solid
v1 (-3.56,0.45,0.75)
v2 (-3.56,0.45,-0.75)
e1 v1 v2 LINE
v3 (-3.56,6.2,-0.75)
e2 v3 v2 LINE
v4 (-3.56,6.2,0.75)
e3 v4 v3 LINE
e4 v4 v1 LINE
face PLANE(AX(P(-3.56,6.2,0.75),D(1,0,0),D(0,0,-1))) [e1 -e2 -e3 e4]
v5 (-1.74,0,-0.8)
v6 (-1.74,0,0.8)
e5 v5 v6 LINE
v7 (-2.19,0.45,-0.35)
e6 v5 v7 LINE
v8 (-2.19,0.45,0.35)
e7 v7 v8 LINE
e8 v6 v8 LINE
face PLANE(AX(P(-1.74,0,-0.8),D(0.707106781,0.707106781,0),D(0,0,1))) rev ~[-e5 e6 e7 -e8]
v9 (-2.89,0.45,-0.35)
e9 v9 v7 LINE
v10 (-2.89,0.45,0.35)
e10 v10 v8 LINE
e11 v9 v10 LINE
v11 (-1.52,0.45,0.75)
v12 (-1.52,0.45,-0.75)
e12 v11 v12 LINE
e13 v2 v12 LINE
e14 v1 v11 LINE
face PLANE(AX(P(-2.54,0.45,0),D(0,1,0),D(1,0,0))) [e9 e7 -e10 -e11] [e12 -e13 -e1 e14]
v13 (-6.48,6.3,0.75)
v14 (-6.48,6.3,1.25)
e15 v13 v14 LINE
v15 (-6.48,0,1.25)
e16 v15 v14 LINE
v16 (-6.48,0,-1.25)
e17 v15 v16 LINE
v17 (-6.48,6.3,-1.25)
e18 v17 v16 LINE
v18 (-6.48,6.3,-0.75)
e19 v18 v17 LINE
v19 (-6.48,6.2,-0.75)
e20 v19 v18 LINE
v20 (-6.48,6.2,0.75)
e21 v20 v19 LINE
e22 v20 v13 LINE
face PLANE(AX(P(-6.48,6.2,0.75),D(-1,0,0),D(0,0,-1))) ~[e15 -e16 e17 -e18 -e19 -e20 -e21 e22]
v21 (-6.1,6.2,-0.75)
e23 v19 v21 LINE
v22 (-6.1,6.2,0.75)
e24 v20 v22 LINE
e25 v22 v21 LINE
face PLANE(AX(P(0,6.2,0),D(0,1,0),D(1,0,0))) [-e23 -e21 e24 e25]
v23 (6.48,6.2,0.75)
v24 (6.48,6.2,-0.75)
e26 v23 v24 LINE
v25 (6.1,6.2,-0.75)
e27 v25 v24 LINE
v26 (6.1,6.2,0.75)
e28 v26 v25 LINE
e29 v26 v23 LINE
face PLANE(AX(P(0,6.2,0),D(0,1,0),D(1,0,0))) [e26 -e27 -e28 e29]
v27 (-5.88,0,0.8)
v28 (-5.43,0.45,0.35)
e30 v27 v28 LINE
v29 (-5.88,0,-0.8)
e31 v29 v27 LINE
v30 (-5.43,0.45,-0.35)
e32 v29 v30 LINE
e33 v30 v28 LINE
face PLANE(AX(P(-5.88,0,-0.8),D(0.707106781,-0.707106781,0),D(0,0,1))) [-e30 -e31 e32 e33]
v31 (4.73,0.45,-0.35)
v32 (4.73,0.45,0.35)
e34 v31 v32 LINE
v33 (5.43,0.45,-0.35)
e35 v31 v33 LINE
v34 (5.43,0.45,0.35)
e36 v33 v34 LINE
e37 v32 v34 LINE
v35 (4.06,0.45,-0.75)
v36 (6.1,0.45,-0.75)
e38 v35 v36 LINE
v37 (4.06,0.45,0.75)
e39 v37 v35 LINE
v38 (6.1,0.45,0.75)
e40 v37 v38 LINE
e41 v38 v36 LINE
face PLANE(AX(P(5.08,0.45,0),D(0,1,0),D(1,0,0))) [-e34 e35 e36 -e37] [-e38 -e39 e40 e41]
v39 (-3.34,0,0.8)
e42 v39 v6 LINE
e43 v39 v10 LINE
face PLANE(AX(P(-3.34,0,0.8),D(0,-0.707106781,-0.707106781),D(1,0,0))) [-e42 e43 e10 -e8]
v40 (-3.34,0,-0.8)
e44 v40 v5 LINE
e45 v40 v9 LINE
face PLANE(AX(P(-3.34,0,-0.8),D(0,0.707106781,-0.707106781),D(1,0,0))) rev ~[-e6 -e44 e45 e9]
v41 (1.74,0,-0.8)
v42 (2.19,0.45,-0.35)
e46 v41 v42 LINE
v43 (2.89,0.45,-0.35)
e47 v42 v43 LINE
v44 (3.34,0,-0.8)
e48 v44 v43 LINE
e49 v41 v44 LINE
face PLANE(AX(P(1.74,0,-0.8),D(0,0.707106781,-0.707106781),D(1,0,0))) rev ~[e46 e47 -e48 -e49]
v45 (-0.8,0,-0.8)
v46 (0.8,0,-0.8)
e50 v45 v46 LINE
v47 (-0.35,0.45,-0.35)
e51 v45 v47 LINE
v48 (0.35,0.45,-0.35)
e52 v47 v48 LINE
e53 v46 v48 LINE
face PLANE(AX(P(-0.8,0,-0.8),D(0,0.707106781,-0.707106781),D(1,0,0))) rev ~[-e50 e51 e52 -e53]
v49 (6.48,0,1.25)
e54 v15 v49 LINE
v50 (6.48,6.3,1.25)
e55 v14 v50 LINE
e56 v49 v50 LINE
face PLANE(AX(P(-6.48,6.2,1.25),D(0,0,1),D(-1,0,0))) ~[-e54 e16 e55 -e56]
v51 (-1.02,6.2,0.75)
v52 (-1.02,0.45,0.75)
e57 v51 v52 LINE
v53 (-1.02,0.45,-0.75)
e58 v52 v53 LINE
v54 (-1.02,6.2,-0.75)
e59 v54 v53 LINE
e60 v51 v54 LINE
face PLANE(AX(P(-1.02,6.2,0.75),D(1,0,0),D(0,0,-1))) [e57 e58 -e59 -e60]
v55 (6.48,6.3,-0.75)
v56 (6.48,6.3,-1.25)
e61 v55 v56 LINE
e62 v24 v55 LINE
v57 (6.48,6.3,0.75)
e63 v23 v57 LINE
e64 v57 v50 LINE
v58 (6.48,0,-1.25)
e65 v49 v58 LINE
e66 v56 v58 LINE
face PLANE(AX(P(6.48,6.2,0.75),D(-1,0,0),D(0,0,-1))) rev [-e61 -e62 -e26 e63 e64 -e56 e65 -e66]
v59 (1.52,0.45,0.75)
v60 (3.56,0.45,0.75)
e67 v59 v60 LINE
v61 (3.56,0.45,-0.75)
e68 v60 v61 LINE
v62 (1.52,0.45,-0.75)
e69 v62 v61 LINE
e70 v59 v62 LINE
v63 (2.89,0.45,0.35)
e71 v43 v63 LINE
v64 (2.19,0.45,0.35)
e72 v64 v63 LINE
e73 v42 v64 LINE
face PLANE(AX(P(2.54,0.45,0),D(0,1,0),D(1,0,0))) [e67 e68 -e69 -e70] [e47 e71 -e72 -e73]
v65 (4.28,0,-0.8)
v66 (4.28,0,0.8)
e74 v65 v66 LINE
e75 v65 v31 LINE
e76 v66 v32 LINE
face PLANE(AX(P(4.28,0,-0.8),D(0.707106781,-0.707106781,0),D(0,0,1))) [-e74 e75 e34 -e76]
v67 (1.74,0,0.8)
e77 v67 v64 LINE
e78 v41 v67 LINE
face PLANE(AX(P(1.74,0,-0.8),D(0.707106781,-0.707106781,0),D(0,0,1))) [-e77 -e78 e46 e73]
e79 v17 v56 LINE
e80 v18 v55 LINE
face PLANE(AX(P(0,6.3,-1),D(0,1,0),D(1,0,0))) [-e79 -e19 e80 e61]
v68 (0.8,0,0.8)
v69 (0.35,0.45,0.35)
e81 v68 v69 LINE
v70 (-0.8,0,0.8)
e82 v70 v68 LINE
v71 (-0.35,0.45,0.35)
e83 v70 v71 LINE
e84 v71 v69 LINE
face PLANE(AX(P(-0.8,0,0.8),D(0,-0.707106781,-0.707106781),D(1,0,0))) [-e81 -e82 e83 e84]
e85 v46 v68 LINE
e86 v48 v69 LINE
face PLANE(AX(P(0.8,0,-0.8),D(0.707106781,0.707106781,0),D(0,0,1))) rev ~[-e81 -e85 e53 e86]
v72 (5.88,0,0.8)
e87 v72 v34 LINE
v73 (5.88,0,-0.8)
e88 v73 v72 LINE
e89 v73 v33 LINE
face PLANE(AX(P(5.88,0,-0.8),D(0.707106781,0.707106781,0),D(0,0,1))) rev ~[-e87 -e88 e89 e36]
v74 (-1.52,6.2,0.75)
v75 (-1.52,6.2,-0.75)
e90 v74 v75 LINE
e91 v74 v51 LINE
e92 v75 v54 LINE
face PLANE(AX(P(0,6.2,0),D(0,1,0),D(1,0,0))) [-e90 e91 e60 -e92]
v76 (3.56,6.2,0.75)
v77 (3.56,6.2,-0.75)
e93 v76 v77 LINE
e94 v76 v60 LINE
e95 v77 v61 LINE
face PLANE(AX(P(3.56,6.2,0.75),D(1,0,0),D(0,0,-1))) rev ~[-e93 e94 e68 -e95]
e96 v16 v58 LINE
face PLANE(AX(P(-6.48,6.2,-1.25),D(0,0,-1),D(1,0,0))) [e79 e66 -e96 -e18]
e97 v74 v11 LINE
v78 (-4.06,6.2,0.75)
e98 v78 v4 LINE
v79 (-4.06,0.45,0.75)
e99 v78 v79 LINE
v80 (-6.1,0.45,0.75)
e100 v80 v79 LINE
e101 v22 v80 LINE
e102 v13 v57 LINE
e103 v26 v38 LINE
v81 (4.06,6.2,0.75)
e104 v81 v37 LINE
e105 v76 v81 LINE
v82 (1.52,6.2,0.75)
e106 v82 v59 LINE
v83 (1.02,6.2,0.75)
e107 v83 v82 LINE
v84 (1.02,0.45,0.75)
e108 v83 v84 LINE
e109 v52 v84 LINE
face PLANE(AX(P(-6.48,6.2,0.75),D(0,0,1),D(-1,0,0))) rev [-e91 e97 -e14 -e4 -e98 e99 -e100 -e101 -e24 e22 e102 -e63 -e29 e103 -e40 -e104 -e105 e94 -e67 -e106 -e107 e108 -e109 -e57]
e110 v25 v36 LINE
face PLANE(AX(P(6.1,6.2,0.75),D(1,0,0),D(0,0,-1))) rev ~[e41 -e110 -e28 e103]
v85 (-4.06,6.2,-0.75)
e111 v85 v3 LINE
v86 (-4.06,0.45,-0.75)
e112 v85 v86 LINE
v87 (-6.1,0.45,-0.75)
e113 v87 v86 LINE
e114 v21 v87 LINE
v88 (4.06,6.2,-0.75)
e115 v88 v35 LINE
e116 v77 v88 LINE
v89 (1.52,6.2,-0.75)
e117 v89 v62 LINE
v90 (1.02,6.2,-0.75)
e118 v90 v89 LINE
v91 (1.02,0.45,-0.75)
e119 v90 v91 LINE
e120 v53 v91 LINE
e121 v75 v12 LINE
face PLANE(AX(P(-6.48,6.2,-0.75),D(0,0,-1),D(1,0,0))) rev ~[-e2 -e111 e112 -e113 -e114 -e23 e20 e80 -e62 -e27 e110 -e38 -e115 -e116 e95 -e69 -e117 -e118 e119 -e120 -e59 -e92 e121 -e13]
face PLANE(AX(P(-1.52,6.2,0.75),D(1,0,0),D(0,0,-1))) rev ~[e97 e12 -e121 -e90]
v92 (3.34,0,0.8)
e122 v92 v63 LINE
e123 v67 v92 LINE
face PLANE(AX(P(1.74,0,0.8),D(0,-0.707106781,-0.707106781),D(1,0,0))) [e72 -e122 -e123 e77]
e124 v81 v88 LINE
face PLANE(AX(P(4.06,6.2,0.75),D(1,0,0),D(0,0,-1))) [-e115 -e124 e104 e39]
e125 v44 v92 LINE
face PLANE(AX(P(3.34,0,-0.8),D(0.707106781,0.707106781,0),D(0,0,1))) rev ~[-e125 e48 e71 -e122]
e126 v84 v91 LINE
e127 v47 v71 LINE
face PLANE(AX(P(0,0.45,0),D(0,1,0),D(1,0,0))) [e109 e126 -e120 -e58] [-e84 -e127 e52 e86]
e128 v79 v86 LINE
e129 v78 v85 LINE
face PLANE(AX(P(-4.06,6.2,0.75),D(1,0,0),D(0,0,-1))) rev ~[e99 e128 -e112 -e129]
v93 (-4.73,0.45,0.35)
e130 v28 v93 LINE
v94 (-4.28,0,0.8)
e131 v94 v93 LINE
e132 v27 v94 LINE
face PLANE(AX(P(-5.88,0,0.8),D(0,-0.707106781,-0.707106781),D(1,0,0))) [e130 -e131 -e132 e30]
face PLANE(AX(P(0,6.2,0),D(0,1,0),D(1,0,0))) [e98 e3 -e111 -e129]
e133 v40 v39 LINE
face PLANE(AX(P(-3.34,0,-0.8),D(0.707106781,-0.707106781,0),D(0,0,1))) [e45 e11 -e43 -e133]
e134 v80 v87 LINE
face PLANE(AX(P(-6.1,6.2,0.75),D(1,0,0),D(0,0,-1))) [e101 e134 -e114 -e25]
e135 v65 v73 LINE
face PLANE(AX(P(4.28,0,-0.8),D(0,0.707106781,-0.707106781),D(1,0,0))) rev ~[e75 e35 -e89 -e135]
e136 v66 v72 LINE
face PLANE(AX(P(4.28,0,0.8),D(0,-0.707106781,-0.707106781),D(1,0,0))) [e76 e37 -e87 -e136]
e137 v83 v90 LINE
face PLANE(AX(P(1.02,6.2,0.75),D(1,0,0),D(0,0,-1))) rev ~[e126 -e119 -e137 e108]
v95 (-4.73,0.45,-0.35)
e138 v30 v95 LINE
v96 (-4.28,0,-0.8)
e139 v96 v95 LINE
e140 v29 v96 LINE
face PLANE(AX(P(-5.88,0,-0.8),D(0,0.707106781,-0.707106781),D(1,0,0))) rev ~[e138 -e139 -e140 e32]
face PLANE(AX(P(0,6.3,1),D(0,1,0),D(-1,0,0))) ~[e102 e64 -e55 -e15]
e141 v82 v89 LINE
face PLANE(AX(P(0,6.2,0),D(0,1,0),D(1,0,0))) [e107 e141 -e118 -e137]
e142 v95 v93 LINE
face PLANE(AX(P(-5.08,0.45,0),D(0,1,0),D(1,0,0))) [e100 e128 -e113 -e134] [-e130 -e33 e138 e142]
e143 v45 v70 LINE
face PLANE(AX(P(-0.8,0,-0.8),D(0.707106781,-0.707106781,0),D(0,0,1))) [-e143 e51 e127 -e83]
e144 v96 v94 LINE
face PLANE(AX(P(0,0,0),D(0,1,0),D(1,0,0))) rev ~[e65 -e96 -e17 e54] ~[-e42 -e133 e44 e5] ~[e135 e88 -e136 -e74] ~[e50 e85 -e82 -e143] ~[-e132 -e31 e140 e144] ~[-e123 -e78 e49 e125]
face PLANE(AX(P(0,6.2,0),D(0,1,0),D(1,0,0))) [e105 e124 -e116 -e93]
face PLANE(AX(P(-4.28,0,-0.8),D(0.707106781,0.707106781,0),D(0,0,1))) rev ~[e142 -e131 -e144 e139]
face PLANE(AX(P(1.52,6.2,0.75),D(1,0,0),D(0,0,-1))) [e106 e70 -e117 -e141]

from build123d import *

# Parameters (mm, degrees)
SKETCH1_W                 = 12.96
SKETCH1_H                 = 2.5
BOSS_EXTRUDE1_DEPTH       = 6.2
SKETCH2_W                 = 2.04
SKETCH2_H                 = 1.5
CUT_EXTRUDE1_DEPTH        = 5.75
SKETCH3_W                 = 1.6
SKETCH3_H                 = 1.6
CUT_EXTRUDE2_DEPTH        = 0.45
CUT_EXTRUDE2_DRAFT        = -45
LPATTERN1_COUNT           = 5
LPATTERN1_PITCH           = 2.54
LPATTERN1_COPY_1_SKETCH_W = 1.6
LPATTERN1_COPY_1_SKETCH_H = 1.6
LPATTERN1_COPY_1_DEPTH    = 0.45
LPATTERN1_COPY_1_DRAFT    = -45
LPATTERN1_COPY_2_SKETCH_W = 1.6
LPATTERN1_COPY_2_SKETCH_H = 1.6
LPATTERN1_COPY_2_DEPTH    = 0.45
LPATTERN1_COPY_2_DRAFT    = -45
LPATTERN1_COPY_3_SKETCH_W = 1.6
LPATTERN1_COPY_3_SKETCH_H = 1.6
LPATTERN1_COPY_3_DEPTH    = 0.45
LPATTERN1_COPY_3_DRAFT    = -45
LPATTERN1_COPY_4_SKETCH_W = 1.6
LPATTERN1_COPY_4_SKETCH_H = 1.6
LPATTERN1_COPY_4_DEPTH    = 0.45
LPATTERN1_COPY_4_DRAFT    = -45
SKETCH4_W                 = 12.96
SKETCH4_H                 = 0.5
BOSS_EXTRUDE2_DEPTH       = 0.1


with BuildPart() as part:
    # Sketch1 → Boss-Extrude1 (new body)
    with BuildSketch(Plane(origin=(0, 0, 0), x_dir=(1, 0, 0), z_dir=(0, 1, 0))):
        Rectangle(SKETCH1_W, SKETCH1_H)
    extrude(amount=BOSS_EXTRUDE1_DEPTH)

    # Sketch2 → Cut-Extrude1 (cut)
    with BuildSketch(Plane(origin=(0, 6.2, 0), x_dir=(1, 0, 0), z_dir=(0, 1, 0))):
        with Locations((-5.08, 0)):
            Rectangle(SKETCH2_W, SKETCH2_H)
    cut_extrude1 = extrude(amount=-CUT_EXTRUDE1_DEPTH, mode=Mode.SUBTRACT)


with BuildPart() as cut_extrude2_tool:
    # Sketch3 → Cut-Extrude2 (with draft: the straight prism first)
    with BuildSketch(Plane.XZ):
        with Locations((-5.08, 0)):
            Rectangle(SKETCH3_W, SKETCH3_H)
    extrude(amount=-CUT_EXTRUDE2_DEPTH)
    # Cut-Extrude2: the draft: its side faces are tilted about the plane it starts from
    cut_extrude2_sides = [cut_extrude2_tool.faces().sort_by_distance(p)[0] for p in [
        (-5.08, 0.225, -0.8),
        (-4.28, 0.225, 0),
        (-5.08, 0.225, 0.8),
        (-5.88, 0.225, 0),
    ]]
    draft(cut_extrude2_sides, Plane.XZ, CUT_EXTRUDE2_DRAFT)


with BuildPart() as part_1:
    add(part.part)

    # Cut-Extrude2: cut by cut_extrude2_tool
    add(cut_extrude2_tool.part, mode=Mode.SUBTRACT)

    # LPattern1: Cut-Extrude1 ×5
    with Locations(*[(i * LPATTERN1_PITCH, 0, 0) for i in range(1, LPATTERN1_COUNT)]):
        add(cut_extrude1, mode=Mode.SUBTRACT)


with BuildPart() as lpattern1_copy_1_tool:
    # LPattern1 copy 1 sketch → LPattern1 copy 1 (with draft: the straight prism first)
    with BuildSketch(Plane(origin=(2.54, 0, 0), x_dir=(1, 0, 0), z_dir=(0, -1, 0))):
        with Locations((-5.08, 0)):
            Rectangle(LPATTERN1_COPY_1_SKETCH_W, LPATTERN1_COPY_1_SKETCH_H)
    extrude(amount=-LPATTERN1_COPY_1_DEPTH)
    # LPattern1 copy 1: the draft: its side faces are tilted about the plane it starts from
    lpattern1_copy_1_sides = [lpattern1_copy_1_tool.faces().sort_by_distance(p)[0] for p in [
        (-2.54, 0.225, -0.8),
        (-1.74, 0.225, 0),
        (-2.54, 0.225, 0.8),
        (-3.34, 0.225, 0),
    ]]
    draft(lpattern1_copy_1_sides, Plane(origin=(2.54, 0, 0), x_dir=(1, 0, 0), z_dir=(0, -1, 0)), LPATTERN1_COPY_1_DRAFT)


with BuildPart() as part_2:
    add(part_1.part)

    # LPattern1 copy 1: cut by lpattern1_copy_1_tool
    add(lpattern1_copy_1_tool.part, mode=Mode.SUBTRACT)


with BuildPart() as lpattern1_copy_2_tool:
    # LPattern1 copy 2 sketch → LPattern1 copy 2 (with draft: the straight prism first)
    with BuildSketch(Plane(origin=(5.08, 0, 0), x_dir=(1, 0, 0), z_dir=(0, -1, 0))):
        with Locations((-5.08, 0)):
            Rectangle(LPATTERN1_COPY_2_SKETCH_W, LPATTERN1_COPY_2_SKETCH_H)
    extrude(amount=-LPATTERN1_COPY_2_DEPTH)
    # LPattern1 copy 2: the draft: its side faces are tilted about the plane it starts from
    lpattern1_copy_2_sides = [lpattern1_copy_2_tool.faces().sort_by_distance(p)[0] for p in [
        (0, 0.225, -0.8),
        (0.8, 0.225, 0),
        (0, 0.225, 0.8),
        (-0.8, 0.225, 0),
    ]]
    draft(lpattern1_copy_2_sides, Plane(origin=(5.08, 0, 0), x_dir=(1, 0, 0), z_dir=(0, -1, 0)), LPATTERN1_COPY_2_DRAFT)


with BuildPart() as part_3:
    add(part_2.part)

    # LPattern1 copy 2: cut by lpattern1_copy_2_tool
    add(lpattern1_copy_2_tool.part, mode=Mode.SUBTRACT)


with BuildPart() as lpattern1_copy_3_tool:
    # LPattern1 copy 3 sketch → LPattern1 copy 3 (with draft: the straight prism first)
    with BuildSketch(Plane(origin=(7.62, 0, 0), x_dir=(1, 0, 0), z_dir=(0, -1, 0))):
        with Locations((-5.08, 0)):
            Rectangle(LPATTERN1_COPY_3_SKETCH_W, LPATTERN1_COPY_3_SKETCH_H)
    extrude(amount=-LPATTERN1_COPY_3_DEPTH)
    # LPattern1 copy 3: the draft: its side faces are tilted about the plane it starts from
    lpattern1_copy_3_sides = [lpattern1_copy_3_tool.faces().sort_by_distance(p)[0] for p in [
        (2.54, 0.225, -0.8),
        (3.34, 0.225, 0),
        (2.54, 0.225, 0.8),
        (1.74, 0.225, 0),
    ]]
    draft(lpattern1_copy_3_sides, Plane(origin=(7.62, 0, 0), x_dir=(1, 0, 0), z_dir=(0, -1, 0)), LPATTERN1_COPY_3_DRAFT)


with BuildPart() as part_4:
    add(part_3.part)

    # LPattern1 copy 3: cut by lpattern1_copy_3_tool
    add(lpattern1_copy_3_tool.part, mode=Mode.SUBTRACT)


with BuildPart() as lpattern1_copy_4_tool:
    # LPattern1 copy 4 sketch → LPattern1 copy 4 (with draft: the straight prism first)
    with BuildSketch(Plane(origin=(10.16, 0, 0), x_dir=(1, 0, 0), z_dir=(0, -1, 0))):
        with Locations((-5.08, 0)):
            Rectangle(LPATTERN1_COPY_4_SKETCH_W, LPATTERN1_COPY_4_SKETCH_H)
    extrude(amount=-LPATTERN1_COPY_4_DEPTH)
    # LPattern1 copy 4: the draft: its side faces are tilted about the plane it starts from
    lpattern1_copy_4_sides = [lpattern1_copy_4_tool.faces().sort_by_distance(p)[0] for p in [
        (5.08, 0.225, -0.8),
        (5.88, 0.225, 0),
        (5.08, 0.225, 0.8),
        (4.28, 0.225, 0),
    ]]
    draft(lpattern1_copy_4_sides, Plane(origin=(10.16, 0, 0), x_dir=(1, 0, 0), z_dir=(0, -1, 0)), LPATTERN1_COPY_4_DRAFT)


with BuildPart() as part_5:
    add(part_4.part)

    # LPattern1 copy 4: cut by lpattern1_copy_4_tool
    add(lpattern1_copy_4_tool.part, mode=Mode.SUBTRACT)

    # Sketch4 → Boss-Extrude2 (add)
    with BuildSketch(Plane(origin=(0, 6.2, 0), x_dir=(1, 0, 0), z_dir=(0, 1, 0))):
        with Locations((0, 1)):
            Rectangle(SKETCH4_W, SKETCH4_H)
    boss_extrude2 = extrude(amount=BOSS_EXTRUDE2_DEPTH)

    # Mirror1: Boss-Extrude2 across plane
    add(boss_extrude2.mirror(Plane.XY))


solid = part_5.part
